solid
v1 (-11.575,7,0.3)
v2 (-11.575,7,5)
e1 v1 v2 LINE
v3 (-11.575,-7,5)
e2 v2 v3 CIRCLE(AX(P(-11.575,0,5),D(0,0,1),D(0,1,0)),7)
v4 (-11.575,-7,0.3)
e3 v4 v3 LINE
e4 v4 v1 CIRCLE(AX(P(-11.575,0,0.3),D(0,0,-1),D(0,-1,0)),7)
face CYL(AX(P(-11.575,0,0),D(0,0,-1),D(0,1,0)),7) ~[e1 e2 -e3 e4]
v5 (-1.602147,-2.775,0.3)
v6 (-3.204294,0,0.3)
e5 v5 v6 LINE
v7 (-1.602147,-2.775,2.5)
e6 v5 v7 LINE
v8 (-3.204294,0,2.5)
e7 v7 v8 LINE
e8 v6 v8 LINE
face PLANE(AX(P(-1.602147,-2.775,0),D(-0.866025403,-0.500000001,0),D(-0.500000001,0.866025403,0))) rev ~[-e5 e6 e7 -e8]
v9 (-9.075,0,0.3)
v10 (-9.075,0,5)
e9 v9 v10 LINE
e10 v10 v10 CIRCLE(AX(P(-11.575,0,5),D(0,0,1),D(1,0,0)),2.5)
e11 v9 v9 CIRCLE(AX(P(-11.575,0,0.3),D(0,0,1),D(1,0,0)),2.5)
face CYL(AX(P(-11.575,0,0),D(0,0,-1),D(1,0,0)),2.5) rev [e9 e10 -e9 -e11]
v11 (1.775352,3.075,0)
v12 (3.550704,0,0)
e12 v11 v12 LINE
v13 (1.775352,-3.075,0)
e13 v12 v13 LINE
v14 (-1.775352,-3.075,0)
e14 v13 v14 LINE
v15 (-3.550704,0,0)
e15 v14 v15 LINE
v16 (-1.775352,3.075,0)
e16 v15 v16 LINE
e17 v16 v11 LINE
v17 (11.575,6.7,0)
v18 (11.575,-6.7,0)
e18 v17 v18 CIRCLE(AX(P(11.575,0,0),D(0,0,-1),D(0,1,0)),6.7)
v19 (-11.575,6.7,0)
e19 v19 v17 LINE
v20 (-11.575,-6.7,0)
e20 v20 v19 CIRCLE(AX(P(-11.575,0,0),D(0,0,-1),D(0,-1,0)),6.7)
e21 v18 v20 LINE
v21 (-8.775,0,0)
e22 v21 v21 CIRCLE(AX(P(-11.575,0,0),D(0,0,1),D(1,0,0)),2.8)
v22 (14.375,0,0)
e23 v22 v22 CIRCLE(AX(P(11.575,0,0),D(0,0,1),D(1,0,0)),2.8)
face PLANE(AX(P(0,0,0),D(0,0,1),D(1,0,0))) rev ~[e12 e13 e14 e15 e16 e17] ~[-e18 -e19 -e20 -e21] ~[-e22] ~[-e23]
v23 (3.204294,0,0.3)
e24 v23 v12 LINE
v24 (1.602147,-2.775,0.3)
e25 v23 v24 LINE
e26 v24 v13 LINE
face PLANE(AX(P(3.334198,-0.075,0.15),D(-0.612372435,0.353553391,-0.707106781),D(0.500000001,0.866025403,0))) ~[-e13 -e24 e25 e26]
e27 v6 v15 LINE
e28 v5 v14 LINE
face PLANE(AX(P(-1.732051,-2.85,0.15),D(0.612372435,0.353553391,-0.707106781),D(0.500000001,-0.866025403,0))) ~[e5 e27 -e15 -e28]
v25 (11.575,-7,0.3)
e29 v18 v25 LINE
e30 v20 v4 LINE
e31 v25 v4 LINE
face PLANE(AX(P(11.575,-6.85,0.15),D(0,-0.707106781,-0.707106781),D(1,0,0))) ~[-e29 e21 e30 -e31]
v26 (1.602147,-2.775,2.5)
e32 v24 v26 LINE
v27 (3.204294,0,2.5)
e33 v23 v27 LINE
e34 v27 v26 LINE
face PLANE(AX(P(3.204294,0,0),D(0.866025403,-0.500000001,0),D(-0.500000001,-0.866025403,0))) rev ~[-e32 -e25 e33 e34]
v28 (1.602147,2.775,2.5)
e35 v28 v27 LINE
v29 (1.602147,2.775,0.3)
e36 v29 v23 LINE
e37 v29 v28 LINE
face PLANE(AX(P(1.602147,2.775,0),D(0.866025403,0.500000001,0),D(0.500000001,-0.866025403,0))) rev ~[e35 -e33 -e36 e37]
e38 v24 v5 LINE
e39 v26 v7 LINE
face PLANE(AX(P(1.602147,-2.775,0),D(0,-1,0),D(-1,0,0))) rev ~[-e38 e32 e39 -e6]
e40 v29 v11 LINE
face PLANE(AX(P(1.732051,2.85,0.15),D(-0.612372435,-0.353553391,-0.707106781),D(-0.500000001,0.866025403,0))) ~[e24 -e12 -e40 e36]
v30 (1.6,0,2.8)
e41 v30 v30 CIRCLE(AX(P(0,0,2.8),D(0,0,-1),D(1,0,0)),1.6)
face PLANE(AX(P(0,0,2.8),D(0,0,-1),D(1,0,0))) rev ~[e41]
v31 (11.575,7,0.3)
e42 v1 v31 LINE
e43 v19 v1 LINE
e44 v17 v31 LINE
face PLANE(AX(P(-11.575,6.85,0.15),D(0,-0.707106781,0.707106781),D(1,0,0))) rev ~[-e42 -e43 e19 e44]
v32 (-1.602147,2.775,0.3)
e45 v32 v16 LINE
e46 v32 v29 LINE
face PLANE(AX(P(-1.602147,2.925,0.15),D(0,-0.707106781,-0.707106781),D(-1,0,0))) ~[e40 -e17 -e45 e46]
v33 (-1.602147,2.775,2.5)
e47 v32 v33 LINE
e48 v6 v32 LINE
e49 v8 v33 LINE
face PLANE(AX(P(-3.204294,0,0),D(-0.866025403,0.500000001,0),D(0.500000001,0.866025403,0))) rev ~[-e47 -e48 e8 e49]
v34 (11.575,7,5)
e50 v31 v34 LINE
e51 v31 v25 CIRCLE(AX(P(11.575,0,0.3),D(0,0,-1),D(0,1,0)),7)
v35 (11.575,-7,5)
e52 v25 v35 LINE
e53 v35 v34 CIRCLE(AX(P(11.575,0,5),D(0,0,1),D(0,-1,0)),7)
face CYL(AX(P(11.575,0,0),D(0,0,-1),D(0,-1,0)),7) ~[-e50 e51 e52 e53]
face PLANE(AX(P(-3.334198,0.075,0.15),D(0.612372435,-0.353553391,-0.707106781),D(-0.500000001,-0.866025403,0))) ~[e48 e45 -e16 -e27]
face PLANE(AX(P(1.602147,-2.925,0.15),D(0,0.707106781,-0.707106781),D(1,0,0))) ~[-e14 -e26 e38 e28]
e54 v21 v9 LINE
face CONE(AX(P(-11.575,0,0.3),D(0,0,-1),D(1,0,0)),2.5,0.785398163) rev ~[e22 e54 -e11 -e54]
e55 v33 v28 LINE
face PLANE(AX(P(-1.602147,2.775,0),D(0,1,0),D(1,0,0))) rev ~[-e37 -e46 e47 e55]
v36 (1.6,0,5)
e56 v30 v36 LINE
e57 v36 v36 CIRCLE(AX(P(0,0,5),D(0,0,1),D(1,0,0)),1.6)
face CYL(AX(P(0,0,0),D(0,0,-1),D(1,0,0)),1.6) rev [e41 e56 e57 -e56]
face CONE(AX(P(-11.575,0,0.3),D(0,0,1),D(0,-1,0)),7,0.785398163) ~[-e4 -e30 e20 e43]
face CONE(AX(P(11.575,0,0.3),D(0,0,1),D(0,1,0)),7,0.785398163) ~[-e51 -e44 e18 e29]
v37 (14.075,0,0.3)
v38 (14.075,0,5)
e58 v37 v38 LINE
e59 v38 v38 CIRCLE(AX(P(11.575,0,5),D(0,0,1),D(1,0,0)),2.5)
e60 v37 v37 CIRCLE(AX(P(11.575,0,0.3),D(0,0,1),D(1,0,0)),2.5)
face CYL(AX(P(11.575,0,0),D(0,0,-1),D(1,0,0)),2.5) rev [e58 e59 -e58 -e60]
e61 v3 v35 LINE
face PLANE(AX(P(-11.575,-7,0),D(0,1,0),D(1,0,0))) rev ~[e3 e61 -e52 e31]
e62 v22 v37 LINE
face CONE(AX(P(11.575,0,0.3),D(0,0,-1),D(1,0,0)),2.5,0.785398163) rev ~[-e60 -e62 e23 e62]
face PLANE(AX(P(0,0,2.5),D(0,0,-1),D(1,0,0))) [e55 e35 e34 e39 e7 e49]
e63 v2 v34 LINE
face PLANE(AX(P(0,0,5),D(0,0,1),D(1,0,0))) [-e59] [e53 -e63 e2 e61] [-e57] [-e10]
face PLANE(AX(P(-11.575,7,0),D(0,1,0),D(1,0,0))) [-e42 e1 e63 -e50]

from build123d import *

# Parameters (mm, degrees)
SKETCH_R        = 2.5
SKETCH_R_2      = 1.6
PAD_DEPTH       = 5
POCKET_DEPTH    = 2.5
SKETCH002_R     = 1.6
PAD001_DEPTH    = 0.3
CHAMFER_SIZE    = 0.3
CHAMFER001_SIZE = 0.3


with BuildPart() as part:
    # Sketch → Pad (new body)
    with BuildSketch(Plane.XY):
        with BuildLine():
            ThreePointArc((-11.575, 7), (-18.575, 0), (-11.575, -7))
            Line((-11.575, -7), (11.575, -7))
            ThreePointArc((11.575, -7), (18.575, 0), (11.575, 7))
            Line((-11.575, 7), (11.575, 7))
        make_face()
        with Locations((-11.575, 0)):
            Circle(SKETCH_R, mode=Mode.SUBTRACT)
        with Locations((11.575, 0)):
            Circle(SKETCH_R, mode=Mode.SUBTRACT)
        Circle(SKETCH_R_2, mode=Mode.SUBTRACT)
    extrude(amount=PAD_DEPTH)

    # Sketch001 → Pocket (cut)
    with BuildSketch(Plane(origin=(0, 0, 0), x_dir=(1, 0, 0), z_dir=(0, 0, -1))):
        Polygon((1.602147, 2.775), (-1.602147, 2.775), (-3.204294, 0), (-1.602147, -2.775), (1.602147, -2.775), (3.204294, 0), align=None)
    extrude(amount=-POCKET_DEPTH, mode=Mode.SUBTRACT)

    # Sketch002 → Pad001 (new body)
    with BuildSketch(Plane(origin=(0, 0, 2.5), x_dir=(1, 0, 0), z_dir=(0, 0, -1))):
        Circle(SKETCH002_R)
    extrude(amount=-PAD001_DEPTH)

    # Chamfer
    chamfer_edges = [part.edges().sort_by_distance(p)[0] for p in [
        (-14.075, 0, 0),
        (9.075, 0, 0),
        (2.40322, -1.3875, 0),
        (0, -2.775, 0),
        (-2.40322, -1.3875, 0),
        (-2.40322, 1.3875, 0),
        (0, 2.775, 0),
        (2.40322, 1.3875, 0),
    ]]
    chamfer(chamfer_edges, length=CHAMFER_SIZE)

    # Chamfer001
    chamfer001_edges = [part.edges().sort_by_distance(p)[0] for p in [
        (0, 7, 0),
    ]]
    chamfer(chamfer001_edges, length=CHAMFER001_SIZE)


solid = part.part
